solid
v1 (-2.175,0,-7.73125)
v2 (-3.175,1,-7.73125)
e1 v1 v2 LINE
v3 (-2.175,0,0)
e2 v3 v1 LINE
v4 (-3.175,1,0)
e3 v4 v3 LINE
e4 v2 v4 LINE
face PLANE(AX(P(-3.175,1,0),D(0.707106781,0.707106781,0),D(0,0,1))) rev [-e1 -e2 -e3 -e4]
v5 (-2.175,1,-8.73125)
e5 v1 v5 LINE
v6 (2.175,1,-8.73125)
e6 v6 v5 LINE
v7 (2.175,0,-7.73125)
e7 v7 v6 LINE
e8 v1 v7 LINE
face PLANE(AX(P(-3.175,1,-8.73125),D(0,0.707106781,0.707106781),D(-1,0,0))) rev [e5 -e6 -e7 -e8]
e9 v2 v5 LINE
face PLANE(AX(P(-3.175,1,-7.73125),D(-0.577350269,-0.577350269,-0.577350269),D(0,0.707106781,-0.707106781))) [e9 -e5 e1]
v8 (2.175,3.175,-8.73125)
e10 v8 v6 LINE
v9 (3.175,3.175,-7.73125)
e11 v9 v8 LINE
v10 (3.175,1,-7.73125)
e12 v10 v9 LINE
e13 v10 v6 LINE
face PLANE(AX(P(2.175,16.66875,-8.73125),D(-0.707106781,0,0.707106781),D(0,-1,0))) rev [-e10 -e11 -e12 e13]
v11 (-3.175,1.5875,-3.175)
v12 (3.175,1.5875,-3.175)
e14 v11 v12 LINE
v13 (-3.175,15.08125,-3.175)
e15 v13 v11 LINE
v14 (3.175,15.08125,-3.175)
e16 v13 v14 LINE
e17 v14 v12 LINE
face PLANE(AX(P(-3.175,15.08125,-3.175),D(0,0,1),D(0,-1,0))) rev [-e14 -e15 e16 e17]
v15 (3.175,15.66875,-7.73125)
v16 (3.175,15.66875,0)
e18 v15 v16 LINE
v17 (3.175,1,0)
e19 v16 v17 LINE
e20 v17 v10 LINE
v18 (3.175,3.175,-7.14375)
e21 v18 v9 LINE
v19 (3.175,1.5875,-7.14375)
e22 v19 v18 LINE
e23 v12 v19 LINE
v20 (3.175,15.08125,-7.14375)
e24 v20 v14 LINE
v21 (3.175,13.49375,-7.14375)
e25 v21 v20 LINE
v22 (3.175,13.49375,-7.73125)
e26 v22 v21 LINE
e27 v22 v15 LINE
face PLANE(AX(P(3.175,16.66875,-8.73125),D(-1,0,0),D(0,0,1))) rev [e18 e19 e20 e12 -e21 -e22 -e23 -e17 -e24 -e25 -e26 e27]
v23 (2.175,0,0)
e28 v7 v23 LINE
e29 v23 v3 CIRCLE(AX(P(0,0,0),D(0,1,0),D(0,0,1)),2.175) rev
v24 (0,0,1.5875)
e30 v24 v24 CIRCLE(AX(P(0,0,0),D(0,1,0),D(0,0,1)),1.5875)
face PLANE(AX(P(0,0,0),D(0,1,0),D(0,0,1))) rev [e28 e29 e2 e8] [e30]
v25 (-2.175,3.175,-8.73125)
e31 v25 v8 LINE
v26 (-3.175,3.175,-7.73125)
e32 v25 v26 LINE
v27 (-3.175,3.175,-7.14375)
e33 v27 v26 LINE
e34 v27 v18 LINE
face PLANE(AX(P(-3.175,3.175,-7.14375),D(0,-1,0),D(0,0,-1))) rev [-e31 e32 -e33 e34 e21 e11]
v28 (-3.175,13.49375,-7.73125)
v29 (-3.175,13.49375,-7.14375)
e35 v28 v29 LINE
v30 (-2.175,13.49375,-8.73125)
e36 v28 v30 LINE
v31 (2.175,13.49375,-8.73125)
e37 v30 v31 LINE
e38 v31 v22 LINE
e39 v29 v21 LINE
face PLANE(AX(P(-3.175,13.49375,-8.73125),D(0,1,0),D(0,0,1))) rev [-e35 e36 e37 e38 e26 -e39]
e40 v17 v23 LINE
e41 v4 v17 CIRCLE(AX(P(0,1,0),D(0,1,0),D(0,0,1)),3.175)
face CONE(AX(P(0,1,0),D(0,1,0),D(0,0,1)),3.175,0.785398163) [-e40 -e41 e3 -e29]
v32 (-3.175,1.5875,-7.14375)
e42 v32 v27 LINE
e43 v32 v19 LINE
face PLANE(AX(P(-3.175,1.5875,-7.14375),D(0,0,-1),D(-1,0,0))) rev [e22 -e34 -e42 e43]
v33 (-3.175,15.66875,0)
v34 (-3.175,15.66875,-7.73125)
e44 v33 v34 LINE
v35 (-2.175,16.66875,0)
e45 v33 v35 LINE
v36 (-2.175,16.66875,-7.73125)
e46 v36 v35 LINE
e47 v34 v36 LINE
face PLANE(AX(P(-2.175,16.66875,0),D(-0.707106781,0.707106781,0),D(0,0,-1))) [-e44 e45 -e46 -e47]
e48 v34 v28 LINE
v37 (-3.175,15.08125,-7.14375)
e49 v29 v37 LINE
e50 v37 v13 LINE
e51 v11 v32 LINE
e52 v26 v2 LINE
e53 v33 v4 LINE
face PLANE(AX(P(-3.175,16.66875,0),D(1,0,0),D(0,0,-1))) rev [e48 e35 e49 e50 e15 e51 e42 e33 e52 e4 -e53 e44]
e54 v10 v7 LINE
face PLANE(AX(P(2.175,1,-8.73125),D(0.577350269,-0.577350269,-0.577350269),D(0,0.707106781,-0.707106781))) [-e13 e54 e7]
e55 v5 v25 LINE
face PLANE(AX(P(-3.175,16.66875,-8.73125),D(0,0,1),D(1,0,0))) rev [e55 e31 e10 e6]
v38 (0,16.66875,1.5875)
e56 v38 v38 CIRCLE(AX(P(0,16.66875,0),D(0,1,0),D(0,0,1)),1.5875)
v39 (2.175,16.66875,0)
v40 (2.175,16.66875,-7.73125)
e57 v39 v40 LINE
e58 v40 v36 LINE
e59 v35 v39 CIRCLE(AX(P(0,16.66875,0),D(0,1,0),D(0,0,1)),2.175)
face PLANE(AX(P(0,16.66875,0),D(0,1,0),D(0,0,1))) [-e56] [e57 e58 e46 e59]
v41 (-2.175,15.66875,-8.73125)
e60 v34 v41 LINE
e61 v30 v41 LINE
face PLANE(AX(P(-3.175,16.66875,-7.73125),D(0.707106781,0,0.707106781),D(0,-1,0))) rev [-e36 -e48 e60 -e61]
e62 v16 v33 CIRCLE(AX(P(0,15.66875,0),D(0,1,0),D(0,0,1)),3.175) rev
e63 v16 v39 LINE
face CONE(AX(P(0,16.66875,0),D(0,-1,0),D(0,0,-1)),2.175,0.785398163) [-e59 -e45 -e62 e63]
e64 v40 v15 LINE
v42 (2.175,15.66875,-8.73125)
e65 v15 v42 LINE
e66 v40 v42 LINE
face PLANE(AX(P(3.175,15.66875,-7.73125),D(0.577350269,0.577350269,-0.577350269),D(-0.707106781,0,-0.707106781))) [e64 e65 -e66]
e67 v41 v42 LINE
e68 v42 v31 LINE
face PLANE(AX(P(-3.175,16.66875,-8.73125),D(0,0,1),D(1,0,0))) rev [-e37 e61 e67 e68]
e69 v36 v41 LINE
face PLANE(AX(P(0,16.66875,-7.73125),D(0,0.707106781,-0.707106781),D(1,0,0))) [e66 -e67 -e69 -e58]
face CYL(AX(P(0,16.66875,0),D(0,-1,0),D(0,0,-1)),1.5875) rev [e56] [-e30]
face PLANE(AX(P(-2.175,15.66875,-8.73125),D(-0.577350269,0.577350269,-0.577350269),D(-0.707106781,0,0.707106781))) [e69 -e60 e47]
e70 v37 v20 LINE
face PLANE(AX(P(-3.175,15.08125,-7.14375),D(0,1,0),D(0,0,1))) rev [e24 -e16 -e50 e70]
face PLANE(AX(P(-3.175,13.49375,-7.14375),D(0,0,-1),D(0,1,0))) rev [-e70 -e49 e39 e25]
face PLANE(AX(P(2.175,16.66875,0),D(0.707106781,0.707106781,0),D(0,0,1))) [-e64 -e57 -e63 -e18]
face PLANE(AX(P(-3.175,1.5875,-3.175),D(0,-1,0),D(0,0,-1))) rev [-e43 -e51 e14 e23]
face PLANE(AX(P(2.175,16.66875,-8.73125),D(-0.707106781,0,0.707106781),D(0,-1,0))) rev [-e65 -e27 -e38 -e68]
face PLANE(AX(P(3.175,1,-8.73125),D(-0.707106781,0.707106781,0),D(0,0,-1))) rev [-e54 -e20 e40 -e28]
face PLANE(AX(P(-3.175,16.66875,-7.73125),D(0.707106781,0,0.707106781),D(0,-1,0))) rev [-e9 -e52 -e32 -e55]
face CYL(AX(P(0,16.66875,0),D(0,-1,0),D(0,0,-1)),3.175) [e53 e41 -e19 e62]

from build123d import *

# Parameters (mm, degrees)
SKETCH1_R           = 1.5875
BOSS_EXTRUDE1_DEPTH = 16.66875
CUT_EXTRUDE1_DEPTH  = 7.35
CHAMFER1_SIZE       = 1


with BuildPart() as part:
    # Sketch1 → Boss-Extrude1 (new body)
    with BuildSketch(Plane(origin=(0, 0, 0), x_dir=(1, 0, 0), z_dir=(0, 1, 0))):
        with BuildLine():
            Line((-3.175, 0), (-3.175, 8.73125))
            Line((-3.175, 8.73125), (3.175, 8.73125))
            Line((3.175, 8.73125), (3.175, 0))
            ThreePointArc((3.175, 0), (0, -3.175), (-3.175, 0))
        make_face()
        Circle(SKETCH1_R, mode=Mode.SUBTRACT)
    extrude(amount=BOSS_EXTRUDE1_DEPTH)

    # Sketch3 → Cut-Extrude1 (cut, through all)
    with BuildSketch(Plane(origin=(3.175, 0, 0), x_dir=(0, 0, -1), z_dir=(1, 0, 0))):
        Polygon((8.73125, 13.49375), (7.14375, 13.49375), (7.14375, 15.08125), (3.175, 15.08125), (3.175, 1.5875), (7.14375, 1.5875), (7.14375, 3.175), (8.73125, 3.175), align=None)
    extrude(amount=-CUT_EXTRUDE1_DEPTH, mode=Mode.SUBTRACT)

    # Chamfer1
    chamfer1_edges = [part.edges().sort_by_distance(p)[0] for p in [
        (0, 16.66875, -8.73125),
        (-3.175, 16.66875, -4.365625),
        (-3.175, 1.5875, -8.73125),
        (3.175, 1.5875, -8.73125),
        (0, 16.66875, 3.175),
        (-3.175, 0, -4.365625),
        (0, 0, -8.73125),
        (3.175, 0, -4.365625),
        (0, 0, 3.175),
        (3.175, 16.66875, -4.365625),
        (-3.175, 15.08125, -8.73125),
        (3.175, 15.08125, -8.73125),
    ]]
    chamfer(chamfer1_edges, length=CHAMFER1_SIZE)


solid = part.part
